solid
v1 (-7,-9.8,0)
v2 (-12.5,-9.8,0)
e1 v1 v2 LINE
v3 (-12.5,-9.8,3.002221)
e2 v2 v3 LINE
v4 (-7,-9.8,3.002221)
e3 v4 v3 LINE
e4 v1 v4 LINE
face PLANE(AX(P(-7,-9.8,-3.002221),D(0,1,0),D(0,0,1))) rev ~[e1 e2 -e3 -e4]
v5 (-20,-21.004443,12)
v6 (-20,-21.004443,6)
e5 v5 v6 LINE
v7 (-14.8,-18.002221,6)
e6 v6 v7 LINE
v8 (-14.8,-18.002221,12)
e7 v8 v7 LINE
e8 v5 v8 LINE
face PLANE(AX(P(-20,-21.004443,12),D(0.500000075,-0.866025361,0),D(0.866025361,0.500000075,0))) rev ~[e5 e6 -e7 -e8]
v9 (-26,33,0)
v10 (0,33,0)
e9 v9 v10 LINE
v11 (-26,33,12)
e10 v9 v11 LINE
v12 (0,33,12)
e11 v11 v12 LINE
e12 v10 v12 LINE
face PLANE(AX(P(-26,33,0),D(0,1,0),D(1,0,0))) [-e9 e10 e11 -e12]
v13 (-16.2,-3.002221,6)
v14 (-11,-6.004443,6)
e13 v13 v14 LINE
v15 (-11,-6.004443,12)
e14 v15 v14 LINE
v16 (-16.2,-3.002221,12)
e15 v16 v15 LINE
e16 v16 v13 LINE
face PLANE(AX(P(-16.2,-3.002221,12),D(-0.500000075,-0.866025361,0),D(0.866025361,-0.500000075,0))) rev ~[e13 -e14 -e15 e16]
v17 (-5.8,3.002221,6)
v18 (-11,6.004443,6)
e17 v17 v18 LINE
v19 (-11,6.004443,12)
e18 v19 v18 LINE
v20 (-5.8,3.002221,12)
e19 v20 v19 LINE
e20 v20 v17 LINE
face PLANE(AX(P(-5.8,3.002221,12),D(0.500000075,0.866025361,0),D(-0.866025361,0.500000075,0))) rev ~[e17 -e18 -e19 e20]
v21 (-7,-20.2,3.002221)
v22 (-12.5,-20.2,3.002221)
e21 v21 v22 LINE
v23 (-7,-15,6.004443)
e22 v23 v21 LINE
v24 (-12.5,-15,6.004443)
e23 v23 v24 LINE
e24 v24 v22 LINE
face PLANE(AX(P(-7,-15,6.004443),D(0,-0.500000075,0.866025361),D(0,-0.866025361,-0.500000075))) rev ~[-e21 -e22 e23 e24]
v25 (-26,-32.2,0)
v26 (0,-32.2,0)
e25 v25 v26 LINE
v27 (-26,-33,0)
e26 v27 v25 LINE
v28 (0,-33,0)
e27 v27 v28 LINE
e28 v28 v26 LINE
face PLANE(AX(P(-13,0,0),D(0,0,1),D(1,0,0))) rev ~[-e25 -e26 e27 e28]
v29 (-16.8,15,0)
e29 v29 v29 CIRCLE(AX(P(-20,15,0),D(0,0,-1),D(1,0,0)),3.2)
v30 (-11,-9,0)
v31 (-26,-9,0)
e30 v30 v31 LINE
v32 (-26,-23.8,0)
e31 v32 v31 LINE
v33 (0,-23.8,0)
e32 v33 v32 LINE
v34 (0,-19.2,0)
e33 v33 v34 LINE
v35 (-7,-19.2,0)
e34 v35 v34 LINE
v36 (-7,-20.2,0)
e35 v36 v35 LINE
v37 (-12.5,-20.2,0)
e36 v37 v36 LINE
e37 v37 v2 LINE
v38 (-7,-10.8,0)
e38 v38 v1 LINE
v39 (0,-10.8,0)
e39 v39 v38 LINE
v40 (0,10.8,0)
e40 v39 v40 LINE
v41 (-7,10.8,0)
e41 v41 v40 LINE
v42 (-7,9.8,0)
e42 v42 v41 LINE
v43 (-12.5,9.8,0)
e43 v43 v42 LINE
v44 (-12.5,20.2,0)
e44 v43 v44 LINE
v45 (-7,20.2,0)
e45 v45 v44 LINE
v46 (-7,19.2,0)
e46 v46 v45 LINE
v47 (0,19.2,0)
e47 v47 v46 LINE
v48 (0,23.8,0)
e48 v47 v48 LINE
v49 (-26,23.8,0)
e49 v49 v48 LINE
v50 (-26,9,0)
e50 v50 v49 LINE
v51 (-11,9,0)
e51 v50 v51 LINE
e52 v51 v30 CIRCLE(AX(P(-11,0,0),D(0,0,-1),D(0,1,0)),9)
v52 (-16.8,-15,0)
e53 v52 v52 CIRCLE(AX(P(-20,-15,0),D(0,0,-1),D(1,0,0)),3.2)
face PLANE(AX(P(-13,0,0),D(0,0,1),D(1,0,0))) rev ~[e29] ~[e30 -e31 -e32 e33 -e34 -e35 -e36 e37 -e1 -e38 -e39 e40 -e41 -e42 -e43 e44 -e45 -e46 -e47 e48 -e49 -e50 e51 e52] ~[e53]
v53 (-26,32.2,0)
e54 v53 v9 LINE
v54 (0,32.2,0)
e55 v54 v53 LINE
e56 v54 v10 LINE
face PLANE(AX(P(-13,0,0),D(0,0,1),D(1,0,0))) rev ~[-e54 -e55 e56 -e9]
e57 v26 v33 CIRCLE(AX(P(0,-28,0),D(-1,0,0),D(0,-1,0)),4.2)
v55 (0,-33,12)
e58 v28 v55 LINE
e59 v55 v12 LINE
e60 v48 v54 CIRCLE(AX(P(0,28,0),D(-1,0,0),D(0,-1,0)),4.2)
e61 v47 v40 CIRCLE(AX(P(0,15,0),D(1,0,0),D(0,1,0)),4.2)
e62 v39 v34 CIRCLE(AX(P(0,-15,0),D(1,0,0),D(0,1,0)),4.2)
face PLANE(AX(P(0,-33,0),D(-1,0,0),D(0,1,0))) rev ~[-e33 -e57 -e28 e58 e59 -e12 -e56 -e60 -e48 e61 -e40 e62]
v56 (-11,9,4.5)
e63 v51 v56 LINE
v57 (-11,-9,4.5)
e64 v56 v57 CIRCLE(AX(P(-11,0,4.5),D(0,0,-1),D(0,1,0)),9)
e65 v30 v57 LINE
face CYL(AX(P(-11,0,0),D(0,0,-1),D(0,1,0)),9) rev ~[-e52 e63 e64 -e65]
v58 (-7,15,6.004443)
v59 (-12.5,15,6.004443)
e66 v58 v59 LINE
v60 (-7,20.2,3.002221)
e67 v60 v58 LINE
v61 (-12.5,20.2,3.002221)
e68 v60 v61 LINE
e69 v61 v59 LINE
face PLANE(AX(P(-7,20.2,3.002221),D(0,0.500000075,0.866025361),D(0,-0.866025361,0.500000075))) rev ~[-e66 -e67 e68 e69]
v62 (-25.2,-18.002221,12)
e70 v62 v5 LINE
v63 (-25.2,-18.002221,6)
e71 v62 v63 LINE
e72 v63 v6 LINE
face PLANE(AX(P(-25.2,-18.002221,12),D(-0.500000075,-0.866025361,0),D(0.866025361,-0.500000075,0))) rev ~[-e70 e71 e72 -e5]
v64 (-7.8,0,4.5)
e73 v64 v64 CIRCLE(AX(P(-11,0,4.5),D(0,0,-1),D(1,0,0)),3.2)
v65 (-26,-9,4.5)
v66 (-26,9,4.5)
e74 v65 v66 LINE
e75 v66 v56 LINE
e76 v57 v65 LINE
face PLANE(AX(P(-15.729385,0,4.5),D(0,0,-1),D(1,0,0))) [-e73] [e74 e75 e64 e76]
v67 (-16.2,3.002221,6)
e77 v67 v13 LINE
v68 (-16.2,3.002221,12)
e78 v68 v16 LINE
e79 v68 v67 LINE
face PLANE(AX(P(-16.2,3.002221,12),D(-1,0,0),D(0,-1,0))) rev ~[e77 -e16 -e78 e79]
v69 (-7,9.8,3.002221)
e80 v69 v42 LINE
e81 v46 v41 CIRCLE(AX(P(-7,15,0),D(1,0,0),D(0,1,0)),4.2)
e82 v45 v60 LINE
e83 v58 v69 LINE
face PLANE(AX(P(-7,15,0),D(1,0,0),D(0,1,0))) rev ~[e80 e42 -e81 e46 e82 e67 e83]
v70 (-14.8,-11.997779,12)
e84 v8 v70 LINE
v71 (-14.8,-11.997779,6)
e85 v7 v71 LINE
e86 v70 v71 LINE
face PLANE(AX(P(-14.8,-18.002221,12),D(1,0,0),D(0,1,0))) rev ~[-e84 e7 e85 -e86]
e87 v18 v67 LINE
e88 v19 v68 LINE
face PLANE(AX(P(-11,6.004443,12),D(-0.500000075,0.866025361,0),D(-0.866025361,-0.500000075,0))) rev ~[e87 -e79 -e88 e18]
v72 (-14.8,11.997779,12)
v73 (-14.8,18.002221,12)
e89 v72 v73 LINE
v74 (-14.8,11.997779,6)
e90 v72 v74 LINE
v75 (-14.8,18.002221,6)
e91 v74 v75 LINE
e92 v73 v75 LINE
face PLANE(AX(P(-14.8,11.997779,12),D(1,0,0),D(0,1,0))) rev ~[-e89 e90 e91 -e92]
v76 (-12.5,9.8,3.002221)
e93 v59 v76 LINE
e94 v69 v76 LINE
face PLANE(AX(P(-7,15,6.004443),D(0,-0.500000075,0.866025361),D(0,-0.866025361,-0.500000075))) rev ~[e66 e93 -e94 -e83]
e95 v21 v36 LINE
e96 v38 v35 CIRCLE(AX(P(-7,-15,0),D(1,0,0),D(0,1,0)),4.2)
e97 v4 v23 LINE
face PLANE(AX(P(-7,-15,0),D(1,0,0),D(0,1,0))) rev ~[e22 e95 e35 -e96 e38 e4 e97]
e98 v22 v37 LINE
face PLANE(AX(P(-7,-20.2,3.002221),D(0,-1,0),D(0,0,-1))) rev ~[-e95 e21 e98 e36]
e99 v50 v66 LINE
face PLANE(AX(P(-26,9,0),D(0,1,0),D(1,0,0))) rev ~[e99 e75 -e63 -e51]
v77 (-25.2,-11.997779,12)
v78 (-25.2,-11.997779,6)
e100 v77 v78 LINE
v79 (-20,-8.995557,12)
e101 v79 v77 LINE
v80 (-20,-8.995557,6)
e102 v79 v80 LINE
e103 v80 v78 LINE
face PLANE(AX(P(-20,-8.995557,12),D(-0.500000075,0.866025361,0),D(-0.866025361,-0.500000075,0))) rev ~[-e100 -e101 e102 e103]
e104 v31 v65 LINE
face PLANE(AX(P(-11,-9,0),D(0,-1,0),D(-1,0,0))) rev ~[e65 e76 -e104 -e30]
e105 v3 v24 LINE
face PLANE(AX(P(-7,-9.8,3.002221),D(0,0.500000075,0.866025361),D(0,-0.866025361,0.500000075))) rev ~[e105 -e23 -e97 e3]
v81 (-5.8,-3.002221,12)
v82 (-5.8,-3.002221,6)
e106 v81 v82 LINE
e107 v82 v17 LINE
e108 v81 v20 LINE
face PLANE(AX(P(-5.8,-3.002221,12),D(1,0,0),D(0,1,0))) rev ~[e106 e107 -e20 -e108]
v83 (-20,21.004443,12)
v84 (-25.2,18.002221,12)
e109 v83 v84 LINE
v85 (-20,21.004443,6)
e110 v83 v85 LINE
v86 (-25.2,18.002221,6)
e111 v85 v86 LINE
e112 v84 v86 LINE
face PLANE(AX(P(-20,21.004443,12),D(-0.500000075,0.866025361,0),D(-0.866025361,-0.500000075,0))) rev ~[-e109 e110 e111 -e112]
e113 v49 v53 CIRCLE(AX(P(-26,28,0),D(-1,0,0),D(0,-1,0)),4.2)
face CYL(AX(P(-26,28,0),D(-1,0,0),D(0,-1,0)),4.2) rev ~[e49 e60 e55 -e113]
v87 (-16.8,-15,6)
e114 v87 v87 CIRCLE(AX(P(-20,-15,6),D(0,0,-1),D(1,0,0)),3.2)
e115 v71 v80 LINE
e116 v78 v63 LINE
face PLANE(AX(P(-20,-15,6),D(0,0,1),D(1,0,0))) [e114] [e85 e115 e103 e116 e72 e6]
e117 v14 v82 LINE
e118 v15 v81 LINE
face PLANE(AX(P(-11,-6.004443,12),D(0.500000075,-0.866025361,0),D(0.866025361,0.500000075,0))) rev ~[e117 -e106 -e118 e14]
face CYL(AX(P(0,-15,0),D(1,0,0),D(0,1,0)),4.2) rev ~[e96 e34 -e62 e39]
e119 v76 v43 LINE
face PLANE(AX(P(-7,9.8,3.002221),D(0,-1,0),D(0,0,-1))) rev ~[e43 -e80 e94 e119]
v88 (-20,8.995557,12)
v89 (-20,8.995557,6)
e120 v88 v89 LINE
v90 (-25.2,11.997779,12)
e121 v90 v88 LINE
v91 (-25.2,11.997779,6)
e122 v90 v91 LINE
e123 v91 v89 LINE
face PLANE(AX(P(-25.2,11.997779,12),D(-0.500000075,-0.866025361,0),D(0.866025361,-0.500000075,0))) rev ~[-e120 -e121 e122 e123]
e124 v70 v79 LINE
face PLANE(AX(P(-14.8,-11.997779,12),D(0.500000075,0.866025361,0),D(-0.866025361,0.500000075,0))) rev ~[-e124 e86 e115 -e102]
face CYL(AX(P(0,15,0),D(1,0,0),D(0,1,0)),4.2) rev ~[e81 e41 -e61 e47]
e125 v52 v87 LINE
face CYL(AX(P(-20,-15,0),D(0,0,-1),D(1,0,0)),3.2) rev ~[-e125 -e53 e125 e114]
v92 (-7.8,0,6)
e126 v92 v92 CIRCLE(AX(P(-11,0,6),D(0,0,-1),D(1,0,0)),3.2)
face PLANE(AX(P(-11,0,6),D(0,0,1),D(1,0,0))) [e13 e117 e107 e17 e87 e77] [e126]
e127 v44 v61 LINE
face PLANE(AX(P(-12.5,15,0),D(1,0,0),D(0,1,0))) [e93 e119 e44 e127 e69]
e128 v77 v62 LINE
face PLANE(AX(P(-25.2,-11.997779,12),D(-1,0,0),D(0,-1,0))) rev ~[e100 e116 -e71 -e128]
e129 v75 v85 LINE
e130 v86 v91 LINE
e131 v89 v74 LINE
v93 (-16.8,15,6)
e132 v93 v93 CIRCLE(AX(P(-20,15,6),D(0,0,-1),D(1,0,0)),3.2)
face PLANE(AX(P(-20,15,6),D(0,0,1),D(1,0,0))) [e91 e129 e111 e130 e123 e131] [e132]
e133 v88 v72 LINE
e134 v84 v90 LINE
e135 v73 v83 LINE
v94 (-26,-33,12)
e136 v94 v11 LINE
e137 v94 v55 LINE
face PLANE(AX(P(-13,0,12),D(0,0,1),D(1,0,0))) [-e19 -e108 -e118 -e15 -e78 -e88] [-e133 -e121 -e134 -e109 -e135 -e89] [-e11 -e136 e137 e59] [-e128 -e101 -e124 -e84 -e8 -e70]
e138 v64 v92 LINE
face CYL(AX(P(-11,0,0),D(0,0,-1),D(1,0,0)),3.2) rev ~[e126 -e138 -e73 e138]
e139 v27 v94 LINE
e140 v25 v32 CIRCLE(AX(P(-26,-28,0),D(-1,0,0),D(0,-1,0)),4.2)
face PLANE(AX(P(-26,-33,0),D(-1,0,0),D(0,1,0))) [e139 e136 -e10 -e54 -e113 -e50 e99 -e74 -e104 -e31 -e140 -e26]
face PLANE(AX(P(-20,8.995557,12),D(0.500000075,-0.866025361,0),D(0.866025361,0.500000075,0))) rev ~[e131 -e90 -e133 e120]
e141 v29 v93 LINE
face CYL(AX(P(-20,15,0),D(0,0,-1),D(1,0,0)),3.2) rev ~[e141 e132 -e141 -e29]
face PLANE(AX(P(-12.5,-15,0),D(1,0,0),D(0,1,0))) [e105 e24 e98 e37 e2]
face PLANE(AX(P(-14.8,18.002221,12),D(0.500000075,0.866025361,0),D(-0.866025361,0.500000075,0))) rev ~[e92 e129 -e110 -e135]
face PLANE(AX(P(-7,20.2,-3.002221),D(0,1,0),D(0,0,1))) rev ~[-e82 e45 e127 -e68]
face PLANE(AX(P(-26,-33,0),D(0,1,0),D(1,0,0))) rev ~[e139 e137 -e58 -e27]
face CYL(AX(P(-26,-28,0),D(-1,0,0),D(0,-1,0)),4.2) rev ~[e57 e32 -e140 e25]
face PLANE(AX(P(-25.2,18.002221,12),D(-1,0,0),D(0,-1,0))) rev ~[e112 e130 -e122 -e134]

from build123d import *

# Parameters (mm, degrees)
SKETCH_W        = 26
SKETCH_H        = 66
PAD_DEPTH       = 12
SKETCH001_R     = 4.2
POCKET_DEPTH    = 26.001
POCKET001_DEPTH = 4.5
SKETCH003_R     = 3.2
POCKET002_DEPTH = 12.001
SKETCH004_R     = 4.2
POCKET003_DEPTH = 7
POCKET004_DEPTH = 5.5
POCKET005_DEPTH = 6


with BuildPart() as part:
    # Sketch → Pad (new body)
    with BuildSketch(Plane.XY):
        with Locations((-13, 0)):
            Rectangle(SKETCH_W, SKETCH_H)
    extrude(amount=PAD_DEPTH)

    # Sketch001 (on Face4 of Pad) → Pocket (cut, through all)
    with BuildSketch(Plane(origin=(-26, 0, 0), x_dir=(0, -1, 0), z_dir=(-1, 0, 0))):
        with Locations((-28, 0)):
            Circle(SKETCH001_R)
        with Locations((28, 0)):
            Circle(SKETCH001_R)
    extrude(amount=-POCKET_DEPTH, mode=Mode.SUBTRACT)

    # Sketch002 (on Face8 of Pocket) → Pocket001 (cut)
    with BuildSketch(Plane(origin=(0, 0, 0), x_dir=(1, 0, 0), z_dir=(0, 0, -1))):
        with BuildLine():
            ThreePointArc((-11, -9), (-2, 0), (-11, 9))
            Line((-11, 9), (-26, 9))
            Line((-26, 9), (-26, -9))
            Line((-26, -9), (-11, -9))
        make_face()
    extrude(amount=-POCKET001_DEPTH, mode=Mode.SUBTRACT)

    # Sketch003 (on Face8 of Pocket001) → Pocket002 (cut, through all)
    with BuildSketch(Plane(origin=(0, 0, 0), x_dir=(1, 0, 0), z_dir=(0, 0, -1))):
        with Locations((-11, 0)):
            Circle(SKETCH003_R)
        with Locations((-20, 15)):
            Circle(SKETCH003_R)
        with Locations((-20, -15)):
            Circle(SKETCH003_R)
    extrude(amount=-POCKET002_DEPTH, mode=Mode.SUBTRACT)

    # Sketch004 (on Face3 of Pocket002) → Pocket003 (cut)
    with BuildSketch(Plane.YZ):
        with Locations((-15, 0)):
            Circle(SKETCH004_R)
        with Locations((15, 0)):
            Circle(SKETCH004_R)
    extrude(amount=-POCKET003_DEPTH, mode=Mode.SUBTRACT)

    # Sketch005 (on Face20 of Pocket003) → Pocket004 (cut)
    with BuildSketch(Plane.YZ.offset(-7)):
        Polygon((-9.8, -3.002221), (-9.8, 3.002221), (-15, 6.004443), (-20.2, 3.002221), (-20.2, -3.002221), (-15, -6.004443), align=None)
        Polygon((15, -6.004443), (20.2, -3.002221), (20.2, 3.002221), (15, 6.004443), (9.8, 3.002221), (9.8, -3.002221), align=None)
    extrude(amount=-POCKET004_DEPTH, mode=Mode.SUBTRACT)

    # Sketch006 (on Face5 of Pocket004) → Pocket005 (cut)
    with BuildSketch(Plane.XY.offset(12)):
        Polygon((-14.8, 11.997779), (-14.8, 18.002221), (-20, 21.004443), (-25.2, 18.002221), (-25.2, 11.997779), (-20, 8.995557), align=None)
        Polygon((-14.8, -18.002221), (-14.8, -11.997779), (-20, -8.995557), (-25.2, -11.997779), (-25.2, -18.002221), (-20, -21.004443), align=None)
        Polygon((-5.8, -3.002221), (-5.8, 3.002221), (-11, 6.004443), (-16.2, 3.002221), (-16.2, -3.002221), (-11, -6.004443), align=None)
    extrude(amount=-POCKET005_DEPTH, mode=Mode.SUBTRACT)


solid = part.part
